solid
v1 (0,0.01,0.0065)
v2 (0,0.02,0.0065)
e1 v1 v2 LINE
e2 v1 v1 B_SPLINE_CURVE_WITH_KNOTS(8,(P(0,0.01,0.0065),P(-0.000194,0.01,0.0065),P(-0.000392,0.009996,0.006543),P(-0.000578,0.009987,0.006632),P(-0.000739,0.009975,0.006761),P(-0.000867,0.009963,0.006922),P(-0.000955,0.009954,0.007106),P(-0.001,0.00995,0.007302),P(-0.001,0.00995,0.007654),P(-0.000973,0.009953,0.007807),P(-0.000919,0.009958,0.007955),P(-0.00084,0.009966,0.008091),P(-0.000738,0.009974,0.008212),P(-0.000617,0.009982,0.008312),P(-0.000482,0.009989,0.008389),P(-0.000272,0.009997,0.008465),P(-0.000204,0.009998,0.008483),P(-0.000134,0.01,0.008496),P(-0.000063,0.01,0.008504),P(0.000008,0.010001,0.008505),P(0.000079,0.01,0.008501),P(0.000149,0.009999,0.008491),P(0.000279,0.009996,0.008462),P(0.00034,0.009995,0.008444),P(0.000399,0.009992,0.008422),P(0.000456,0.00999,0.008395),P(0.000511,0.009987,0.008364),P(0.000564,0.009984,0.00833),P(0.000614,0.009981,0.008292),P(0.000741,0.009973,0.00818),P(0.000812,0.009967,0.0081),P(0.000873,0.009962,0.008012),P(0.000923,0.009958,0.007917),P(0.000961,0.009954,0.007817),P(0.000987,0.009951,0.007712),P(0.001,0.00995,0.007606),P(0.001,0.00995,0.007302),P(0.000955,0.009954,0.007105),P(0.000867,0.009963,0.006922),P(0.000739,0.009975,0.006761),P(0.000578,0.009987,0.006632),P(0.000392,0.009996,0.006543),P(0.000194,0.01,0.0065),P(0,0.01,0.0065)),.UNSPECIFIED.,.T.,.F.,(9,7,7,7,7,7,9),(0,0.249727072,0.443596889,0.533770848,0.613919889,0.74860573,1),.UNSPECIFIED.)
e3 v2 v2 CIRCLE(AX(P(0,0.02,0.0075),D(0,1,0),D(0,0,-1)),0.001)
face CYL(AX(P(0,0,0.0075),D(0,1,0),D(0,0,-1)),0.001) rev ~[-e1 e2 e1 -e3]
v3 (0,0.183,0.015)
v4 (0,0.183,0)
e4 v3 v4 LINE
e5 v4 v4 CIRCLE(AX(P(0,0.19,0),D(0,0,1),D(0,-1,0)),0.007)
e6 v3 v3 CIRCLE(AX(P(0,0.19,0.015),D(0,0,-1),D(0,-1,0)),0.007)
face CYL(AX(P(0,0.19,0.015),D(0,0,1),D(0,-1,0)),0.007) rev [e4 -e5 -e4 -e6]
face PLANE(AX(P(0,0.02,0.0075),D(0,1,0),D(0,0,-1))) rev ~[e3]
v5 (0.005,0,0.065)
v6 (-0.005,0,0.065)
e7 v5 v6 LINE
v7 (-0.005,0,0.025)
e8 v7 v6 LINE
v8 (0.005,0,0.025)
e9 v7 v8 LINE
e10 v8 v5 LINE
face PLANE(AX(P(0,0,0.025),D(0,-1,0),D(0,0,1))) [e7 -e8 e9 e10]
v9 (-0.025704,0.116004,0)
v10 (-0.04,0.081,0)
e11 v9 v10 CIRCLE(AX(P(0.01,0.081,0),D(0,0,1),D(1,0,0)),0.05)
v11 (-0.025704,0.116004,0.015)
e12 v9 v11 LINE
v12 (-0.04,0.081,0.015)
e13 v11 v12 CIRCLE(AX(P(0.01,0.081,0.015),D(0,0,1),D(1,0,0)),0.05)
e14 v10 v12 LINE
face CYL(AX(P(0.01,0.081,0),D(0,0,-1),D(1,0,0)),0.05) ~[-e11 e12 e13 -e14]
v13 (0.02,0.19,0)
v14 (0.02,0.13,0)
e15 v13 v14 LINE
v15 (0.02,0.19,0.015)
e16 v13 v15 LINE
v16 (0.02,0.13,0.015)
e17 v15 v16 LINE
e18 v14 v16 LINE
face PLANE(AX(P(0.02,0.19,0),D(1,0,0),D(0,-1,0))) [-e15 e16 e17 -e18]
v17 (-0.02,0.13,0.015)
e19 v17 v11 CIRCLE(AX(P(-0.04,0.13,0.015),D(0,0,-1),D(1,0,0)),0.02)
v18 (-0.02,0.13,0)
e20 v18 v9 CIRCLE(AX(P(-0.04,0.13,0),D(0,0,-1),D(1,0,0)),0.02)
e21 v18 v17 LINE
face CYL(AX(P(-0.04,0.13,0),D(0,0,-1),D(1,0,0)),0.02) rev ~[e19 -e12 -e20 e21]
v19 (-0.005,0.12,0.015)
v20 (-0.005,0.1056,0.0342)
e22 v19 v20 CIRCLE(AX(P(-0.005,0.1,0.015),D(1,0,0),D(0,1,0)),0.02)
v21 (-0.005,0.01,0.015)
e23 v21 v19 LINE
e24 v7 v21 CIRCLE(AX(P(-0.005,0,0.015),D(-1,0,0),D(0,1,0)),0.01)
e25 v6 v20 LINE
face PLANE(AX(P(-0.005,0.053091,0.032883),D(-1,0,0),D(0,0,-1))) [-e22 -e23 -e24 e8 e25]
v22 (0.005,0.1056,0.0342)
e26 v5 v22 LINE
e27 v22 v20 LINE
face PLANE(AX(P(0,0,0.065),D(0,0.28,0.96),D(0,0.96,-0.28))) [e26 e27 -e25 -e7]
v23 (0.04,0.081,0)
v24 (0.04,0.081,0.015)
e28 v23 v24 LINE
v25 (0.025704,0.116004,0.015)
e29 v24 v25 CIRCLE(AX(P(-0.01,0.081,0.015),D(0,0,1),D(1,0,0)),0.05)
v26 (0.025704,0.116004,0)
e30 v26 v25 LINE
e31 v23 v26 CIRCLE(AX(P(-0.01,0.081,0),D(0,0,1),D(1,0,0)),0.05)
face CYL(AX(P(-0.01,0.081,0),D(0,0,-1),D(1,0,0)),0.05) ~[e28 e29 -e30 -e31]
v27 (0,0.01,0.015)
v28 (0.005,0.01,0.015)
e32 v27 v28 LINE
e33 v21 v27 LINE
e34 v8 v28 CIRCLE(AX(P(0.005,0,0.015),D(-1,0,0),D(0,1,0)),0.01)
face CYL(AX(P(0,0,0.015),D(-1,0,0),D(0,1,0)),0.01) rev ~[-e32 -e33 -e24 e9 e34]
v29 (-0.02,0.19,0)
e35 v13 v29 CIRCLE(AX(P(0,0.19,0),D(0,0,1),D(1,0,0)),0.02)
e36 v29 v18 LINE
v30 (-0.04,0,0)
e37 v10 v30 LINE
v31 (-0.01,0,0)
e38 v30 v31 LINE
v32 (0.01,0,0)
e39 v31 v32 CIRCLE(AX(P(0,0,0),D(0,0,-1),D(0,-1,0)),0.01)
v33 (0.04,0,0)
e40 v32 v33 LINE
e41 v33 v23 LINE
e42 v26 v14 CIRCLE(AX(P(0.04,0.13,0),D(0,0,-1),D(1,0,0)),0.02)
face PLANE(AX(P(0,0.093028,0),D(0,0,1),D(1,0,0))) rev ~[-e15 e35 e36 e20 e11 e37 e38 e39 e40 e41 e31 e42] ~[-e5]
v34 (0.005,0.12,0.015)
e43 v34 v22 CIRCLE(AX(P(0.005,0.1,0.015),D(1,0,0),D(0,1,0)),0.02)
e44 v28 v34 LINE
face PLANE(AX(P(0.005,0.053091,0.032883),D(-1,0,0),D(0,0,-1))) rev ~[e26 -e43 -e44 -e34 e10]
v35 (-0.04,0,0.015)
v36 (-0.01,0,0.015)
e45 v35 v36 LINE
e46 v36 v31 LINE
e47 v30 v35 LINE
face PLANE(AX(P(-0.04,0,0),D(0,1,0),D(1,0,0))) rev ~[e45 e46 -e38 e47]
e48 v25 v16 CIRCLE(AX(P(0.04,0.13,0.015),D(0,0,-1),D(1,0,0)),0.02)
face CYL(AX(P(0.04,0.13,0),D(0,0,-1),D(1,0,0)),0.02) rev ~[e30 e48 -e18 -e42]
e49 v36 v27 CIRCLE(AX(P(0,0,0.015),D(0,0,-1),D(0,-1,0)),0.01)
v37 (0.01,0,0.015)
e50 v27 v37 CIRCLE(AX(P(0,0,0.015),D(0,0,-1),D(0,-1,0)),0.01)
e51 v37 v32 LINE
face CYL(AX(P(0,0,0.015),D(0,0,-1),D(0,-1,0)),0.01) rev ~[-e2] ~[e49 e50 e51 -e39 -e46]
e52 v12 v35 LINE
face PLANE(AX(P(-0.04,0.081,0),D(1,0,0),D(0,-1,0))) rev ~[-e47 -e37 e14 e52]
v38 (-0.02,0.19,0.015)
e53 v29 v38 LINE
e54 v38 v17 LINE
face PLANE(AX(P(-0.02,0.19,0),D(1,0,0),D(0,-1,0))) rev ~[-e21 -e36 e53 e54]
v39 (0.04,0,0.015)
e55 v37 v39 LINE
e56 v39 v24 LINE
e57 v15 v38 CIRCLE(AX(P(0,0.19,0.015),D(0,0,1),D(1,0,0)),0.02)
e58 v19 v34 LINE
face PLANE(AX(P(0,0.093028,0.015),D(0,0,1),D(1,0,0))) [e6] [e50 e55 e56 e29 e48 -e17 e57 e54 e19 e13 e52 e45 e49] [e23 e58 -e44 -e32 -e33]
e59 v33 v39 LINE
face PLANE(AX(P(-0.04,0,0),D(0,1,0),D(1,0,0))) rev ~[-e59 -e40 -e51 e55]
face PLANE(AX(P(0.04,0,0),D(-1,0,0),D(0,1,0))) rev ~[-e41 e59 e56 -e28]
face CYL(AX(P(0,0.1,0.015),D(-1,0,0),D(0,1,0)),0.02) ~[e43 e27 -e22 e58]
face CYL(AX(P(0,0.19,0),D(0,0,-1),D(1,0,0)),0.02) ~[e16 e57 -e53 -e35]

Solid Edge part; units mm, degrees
sketch "Sketch1" plane through (0, 0, 0) normal (0, 0, 1) x (1, 0, 0)
  line L0 (-0.04, 0) -> (0.04, 0)
  line L1 (0.04, 0) -> (0.04, 0.081)
  arc A0 (0.04, 0.081) -> (0.0257, 0.116) centre (-0.01, 0.081) ccw
  line L2 (0.02, 0.19) -> (0.02, 0.13)
  line L3 (-0.02, 0.19) -> (-0.02, 0.13)
  arc A1 (-0.0257, 0.116) -> (-0.04, 0.081) centre (0.01, 0.081) ccw
  line L4 (-0.04, 0.081) -> (-0.04, 0)
  arc A2 (0.0257, 0.116) -> (0.02, 0.13) centre (0.04, 0.13) cw
  arc A3 (0.02, 0.19) -> (-0.02, 0.19) centre (0, 0.19) ccw
  arc A4 (-0.02, 0.13) -> (-0.0257, 0.116) centre (-0.04, 0.13) cw
  dimension "D1" = 0.04
  dimension "D2" = 0.02
extrude "Protrusion1" add sketch "Sketch1" along normal blind 0.015
hole "Bohrung_1" at (0, 0, 0.0075) direction (0, 1, 0) diameter 0.002 depth 0.02
hole "Bohrung_2" at (0, 0.19, 0.015) direction (0, 0, -1) diameter 0.014 end through all
hole "Bohrung_3" at (0, 0, 0.015) direction (0, 0, -1) diameter 0.02 depth 3.175
sketch "Sketch2" plane through (0, 0, 0) normal (1, 0, 0) x (0, 1, 0)
  line L0 (0, 0.025) -> (0, 0.065)
  line L1 (0, 0.065) -> (0.1056, 0.0342)
  line L2 (0.01, 0.015) -> (0.12, 0.015)
  arc A0 (0.12, 0.015) -> (0.1056, 0.0342) centre (0.1, 0.015) ccw
  arc A1 (0, 0.025) -> (0.01, 0.015) centre (0, 0.015) cw
extrude "Ausprägung_2" add sketch "Sketch2" along normal mid plane 0.01
